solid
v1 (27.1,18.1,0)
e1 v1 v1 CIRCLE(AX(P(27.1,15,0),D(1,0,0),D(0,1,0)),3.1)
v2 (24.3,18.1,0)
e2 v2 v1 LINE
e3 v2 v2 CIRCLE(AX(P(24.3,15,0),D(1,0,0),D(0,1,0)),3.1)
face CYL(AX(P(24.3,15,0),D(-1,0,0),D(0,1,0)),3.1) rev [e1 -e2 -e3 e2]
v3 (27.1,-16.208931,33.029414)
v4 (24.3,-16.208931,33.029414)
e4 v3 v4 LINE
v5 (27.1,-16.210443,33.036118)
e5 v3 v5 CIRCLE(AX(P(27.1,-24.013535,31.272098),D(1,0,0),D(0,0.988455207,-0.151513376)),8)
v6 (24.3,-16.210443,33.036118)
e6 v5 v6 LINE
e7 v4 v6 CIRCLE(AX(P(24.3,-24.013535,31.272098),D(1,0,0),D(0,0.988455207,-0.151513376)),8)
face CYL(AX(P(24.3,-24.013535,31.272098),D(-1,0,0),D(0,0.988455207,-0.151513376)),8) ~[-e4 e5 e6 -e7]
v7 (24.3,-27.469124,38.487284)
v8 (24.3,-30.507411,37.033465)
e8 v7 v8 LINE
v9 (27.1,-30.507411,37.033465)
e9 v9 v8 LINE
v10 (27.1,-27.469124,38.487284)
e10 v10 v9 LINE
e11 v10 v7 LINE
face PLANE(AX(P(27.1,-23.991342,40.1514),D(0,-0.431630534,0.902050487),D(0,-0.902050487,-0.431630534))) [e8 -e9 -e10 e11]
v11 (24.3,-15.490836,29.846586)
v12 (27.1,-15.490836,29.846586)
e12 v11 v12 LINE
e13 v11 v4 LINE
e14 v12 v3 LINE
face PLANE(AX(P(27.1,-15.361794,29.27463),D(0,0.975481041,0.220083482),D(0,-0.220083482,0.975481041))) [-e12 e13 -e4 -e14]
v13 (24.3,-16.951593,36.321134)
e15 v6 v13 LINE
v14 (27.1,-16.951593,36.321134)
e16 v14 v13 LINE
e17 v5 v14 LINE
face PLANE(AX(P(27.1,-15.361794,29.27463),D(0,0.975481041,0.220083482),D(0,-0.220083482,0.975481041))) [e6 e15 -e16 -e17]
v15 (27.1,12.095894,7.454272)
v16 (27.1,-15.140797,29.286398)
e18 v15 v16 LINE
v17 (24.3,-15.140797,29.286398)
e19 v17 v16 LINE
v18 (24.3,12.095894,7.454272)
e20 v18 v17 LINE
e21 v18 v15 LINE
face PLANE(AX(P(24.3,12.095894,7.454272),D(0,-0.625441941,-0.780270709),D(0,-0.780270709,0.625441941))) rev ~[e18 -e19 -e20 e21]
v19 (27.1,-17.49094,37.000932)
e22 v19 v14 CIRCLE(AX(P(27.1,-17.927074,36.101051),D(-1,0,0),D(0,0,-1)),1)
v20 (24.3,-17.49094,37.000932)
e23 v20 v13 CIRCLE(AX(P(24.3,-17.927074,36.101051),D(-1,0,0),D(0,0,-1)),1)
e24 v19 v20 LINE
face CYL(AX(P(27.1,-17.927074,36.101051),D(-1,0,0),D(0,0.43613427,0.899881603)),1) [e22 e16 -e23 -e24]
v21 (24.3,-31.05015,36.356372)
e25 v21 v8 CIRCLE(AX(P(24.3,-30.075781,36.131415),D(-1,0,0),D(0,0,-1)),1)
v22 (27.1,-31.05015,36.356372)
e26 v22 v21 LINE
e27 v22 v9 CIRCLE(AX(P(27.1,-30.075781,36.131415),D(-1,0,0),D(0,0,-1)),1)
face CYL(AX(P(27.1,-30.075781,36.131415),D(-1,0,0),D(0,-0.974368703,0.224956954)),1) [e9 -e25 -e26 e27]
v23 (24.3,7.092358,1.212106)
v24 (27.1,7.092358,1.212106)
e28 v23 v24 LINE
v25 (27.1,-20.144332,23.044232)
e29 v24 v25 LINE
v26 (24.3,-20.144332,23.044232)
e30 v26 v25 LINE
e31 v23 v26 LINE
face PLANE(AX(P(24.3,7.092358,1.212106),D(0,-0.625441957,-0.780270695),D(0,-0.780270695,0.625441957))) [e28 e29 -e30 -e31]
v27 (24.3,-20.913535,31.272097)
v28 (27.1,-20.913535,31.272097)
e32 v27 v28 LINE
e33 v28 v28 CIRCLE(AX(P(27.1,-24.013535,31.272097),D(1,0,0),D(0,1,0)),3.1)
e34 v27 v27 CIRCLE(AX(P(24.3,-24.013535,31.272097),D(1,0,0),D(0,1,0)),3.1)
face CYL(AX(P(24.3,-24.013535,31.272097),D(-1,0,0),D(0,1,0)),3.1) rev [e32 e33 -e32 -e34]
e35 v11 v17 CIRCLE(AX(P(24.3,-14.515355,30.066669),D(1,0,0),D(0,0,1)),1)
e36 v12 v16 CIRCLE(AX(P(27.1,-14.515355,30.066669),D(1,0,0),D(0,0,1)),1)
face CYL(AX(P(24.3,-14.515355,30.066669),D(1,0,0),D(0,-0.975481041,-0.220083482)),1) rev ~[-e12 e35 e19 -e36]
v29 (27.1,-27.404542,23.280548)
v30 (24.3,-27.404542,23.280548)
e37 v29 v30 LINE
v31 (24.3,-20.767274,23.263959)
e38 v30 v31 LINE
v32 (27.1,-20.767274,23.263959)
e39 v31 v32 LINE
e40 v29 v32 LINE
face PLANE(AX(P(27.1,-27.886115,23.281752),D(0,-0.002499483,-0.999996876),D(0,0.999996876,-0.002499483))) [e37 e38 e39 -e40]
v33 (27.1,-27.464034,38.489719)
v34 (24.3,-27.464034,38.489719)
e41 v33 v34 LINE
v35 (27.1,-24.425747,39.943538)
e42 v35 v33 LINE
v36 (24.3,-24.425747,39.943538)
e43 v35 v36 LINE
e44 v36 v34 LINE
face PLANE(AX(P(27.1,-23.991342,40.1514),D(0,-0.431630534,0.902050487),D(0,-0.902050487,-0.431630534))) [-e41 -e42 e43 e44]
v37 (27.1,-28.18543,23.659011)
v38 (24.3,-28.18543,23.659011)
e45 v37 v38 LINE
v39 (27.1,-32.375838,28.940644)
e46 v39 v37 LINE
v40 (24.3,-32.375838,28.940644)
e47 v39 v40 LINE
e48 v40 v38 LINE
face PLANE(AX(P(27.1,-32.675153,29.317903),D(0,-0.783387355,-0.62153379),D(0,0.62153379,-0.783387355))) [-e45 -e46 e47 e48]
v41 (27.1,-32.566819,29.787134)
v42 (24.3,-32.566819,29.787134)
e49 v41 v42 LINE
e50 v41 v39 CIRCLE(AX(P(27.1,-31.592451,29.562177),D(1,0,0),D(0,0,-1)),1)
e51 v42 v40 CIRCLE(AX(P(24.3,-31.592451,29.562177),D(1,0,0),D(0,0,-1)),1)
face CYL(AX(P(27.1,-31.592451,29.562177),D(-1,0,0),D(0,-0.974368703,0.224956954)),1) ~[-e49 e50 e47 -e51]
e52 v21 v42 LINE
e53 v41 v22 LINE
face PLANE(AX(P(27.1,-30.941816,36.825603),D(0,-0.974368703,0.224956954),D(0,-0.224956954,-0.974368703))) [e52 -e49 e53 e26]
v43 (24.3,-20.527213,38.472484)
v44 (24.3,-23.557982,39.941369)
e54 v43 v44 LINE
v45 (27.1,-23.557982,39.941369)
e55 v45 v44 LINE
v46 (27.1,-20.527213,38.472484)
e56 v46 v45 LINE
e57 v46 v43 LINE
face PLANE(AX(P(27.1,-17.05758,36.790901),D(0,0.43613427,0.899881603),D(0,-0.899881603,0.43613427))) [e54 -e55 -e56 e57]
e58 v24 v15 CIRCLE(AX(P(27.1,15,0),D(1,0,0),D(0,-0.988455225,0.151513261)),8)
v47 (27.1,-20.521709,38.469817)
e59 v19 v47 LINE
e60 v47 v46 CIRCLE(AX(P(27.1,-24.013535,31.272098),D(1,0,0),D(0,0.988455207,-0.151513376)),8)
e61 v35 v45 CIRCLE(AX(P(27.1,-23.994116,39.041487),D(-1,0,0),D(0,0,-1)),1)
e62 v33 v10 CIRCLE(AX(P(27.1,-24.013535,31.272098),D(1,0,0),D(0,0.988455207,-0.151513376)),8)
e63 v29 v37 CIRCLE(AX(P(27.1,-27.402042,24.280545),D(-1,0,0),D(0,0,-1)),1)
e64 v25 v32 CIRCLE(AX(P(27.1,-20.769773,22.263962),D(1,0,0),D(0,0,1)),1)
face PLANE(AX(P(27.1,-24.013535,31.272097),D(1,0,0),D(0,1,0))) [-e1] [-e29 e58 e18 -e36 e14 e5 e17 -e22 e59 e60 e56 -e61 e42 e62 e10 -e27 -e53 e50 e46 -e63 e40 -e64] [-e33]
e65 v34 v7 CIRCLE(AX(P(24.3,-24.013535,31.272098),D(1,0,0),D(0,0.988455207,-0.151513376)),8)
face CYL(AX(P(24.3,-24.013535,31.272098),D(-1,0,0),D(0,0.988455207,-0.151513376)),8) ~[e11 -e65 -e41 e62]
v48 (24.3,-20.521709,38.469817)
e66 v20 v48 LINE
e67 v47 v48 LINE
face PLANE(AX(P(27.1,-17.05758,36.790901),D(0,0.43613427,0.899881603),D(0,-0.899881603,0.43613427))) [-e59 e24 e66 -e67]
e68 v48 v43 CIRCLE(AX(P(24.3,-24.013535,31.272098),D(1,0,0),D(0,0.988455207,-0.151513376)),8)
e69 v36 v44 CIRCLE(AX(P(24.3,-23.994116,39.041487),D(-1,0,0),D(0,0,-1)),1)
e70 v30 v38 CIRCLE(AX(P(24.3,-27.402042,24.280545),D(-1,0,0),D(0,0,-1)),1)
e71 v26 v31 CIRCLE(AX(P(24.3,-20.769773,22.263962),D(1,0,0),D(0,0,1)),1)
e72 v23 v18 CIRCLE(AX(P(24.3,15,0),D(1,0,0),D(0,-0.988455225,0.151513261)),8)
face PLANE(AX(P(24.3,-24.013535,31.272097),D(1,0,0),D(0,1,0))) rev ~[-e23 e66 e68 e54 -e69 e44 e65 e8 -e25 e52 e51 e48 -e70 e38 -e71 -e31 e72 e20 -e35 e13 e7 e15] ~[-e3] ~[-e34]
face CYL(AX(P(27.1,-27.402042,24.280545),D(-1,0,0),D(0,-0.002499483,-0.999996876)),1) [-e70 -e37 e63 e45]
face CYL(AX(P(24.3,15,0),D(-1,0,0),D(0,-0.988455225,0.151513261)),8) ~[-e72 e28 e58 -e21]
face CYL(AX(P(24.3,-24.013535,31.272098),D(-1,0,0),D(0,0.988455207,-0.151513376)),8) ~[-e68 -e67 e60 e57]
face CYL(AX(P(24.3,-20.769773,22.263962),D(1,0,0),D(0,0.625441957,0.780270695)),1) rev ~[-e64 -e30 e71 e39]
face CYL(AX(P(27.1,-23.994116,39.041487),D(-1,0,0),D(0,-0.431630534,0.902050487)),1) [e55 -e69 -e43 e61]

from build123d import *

# Parameters (mm, degrees)
SKETCH043_R  = 3.1
PAD035_DEPTH = 2.8
SKETCH044_R  = 3.1
PAD036_DEPTH = 2.8
FILLET001_R  = 1


with BuildPart() as part:
    # Sketch043 (on DatumPlane) → Pad035 (new body)
    with BuildSketch(Plane.YZ.offset(24.3)):
        with BuildLine():
            ThreePointArc((7.092358, 1.212106), (21.242166, -5.003536), (12.095894, 7.454272))
            Line((12.095894, 7.454272), (-16.105893, 30.059991))
            ThreePointArc((-16.105893, 30.059991), (-30.255701, 36.275633), (-21.109429, 23.817826))
            Line((7.092358, 1.212106), (-21.109429, 23.817826))
        make_face()
        with Locations((15, 0)):
            Circle(SKETCH043_R, mode=Mode.SUBTRACT)
        with Locations((-24.013535, 31.272097)):
            Circle(SKETCH043_R, mode=Mode.SUBTRACT)
    extrude(amount=PAD035_DEPTH)

    # Sketch044 (on Face8 of Pad035) → Pad036 (join)
    with BuildSketch(Plane.YZ.offset(27.1)):
        Polygon((-30.941816, 36.825603), (-32.675153, 29.317903), (-27.886115, 23.281752), (-20.180945, 23.262493), (-15.361794, 29.27463), (-17.05758, 36.790901), (-23.991342, 40.1514), align=None)
        with Locations((-24.013535, 31.272097)):
            Circle(SKETCH044_R, mode=Mode.SUBTRACT)
    extrude(amount=-PAD036_DEPTH)

    # Fillet001
    fillet001_edges = [part.edges().sort_by_distance(p)[0] for p in [
        (25.7, -15.413825, 29.50525),
        (25.7, -17.05758, 36.790901),
        (25.7, -23.991342, 40.1514),
        (25.7, -30.941816, 36.825603),
        (25.7, -32.675153, 29.317903),
        (25.7, -27.886115, 23.281752),
        (25.7, -20.417361, 23.263084),
    ]]
    fillet(fillet001_edges, radius=FILLET001_R)


solid = part.part
